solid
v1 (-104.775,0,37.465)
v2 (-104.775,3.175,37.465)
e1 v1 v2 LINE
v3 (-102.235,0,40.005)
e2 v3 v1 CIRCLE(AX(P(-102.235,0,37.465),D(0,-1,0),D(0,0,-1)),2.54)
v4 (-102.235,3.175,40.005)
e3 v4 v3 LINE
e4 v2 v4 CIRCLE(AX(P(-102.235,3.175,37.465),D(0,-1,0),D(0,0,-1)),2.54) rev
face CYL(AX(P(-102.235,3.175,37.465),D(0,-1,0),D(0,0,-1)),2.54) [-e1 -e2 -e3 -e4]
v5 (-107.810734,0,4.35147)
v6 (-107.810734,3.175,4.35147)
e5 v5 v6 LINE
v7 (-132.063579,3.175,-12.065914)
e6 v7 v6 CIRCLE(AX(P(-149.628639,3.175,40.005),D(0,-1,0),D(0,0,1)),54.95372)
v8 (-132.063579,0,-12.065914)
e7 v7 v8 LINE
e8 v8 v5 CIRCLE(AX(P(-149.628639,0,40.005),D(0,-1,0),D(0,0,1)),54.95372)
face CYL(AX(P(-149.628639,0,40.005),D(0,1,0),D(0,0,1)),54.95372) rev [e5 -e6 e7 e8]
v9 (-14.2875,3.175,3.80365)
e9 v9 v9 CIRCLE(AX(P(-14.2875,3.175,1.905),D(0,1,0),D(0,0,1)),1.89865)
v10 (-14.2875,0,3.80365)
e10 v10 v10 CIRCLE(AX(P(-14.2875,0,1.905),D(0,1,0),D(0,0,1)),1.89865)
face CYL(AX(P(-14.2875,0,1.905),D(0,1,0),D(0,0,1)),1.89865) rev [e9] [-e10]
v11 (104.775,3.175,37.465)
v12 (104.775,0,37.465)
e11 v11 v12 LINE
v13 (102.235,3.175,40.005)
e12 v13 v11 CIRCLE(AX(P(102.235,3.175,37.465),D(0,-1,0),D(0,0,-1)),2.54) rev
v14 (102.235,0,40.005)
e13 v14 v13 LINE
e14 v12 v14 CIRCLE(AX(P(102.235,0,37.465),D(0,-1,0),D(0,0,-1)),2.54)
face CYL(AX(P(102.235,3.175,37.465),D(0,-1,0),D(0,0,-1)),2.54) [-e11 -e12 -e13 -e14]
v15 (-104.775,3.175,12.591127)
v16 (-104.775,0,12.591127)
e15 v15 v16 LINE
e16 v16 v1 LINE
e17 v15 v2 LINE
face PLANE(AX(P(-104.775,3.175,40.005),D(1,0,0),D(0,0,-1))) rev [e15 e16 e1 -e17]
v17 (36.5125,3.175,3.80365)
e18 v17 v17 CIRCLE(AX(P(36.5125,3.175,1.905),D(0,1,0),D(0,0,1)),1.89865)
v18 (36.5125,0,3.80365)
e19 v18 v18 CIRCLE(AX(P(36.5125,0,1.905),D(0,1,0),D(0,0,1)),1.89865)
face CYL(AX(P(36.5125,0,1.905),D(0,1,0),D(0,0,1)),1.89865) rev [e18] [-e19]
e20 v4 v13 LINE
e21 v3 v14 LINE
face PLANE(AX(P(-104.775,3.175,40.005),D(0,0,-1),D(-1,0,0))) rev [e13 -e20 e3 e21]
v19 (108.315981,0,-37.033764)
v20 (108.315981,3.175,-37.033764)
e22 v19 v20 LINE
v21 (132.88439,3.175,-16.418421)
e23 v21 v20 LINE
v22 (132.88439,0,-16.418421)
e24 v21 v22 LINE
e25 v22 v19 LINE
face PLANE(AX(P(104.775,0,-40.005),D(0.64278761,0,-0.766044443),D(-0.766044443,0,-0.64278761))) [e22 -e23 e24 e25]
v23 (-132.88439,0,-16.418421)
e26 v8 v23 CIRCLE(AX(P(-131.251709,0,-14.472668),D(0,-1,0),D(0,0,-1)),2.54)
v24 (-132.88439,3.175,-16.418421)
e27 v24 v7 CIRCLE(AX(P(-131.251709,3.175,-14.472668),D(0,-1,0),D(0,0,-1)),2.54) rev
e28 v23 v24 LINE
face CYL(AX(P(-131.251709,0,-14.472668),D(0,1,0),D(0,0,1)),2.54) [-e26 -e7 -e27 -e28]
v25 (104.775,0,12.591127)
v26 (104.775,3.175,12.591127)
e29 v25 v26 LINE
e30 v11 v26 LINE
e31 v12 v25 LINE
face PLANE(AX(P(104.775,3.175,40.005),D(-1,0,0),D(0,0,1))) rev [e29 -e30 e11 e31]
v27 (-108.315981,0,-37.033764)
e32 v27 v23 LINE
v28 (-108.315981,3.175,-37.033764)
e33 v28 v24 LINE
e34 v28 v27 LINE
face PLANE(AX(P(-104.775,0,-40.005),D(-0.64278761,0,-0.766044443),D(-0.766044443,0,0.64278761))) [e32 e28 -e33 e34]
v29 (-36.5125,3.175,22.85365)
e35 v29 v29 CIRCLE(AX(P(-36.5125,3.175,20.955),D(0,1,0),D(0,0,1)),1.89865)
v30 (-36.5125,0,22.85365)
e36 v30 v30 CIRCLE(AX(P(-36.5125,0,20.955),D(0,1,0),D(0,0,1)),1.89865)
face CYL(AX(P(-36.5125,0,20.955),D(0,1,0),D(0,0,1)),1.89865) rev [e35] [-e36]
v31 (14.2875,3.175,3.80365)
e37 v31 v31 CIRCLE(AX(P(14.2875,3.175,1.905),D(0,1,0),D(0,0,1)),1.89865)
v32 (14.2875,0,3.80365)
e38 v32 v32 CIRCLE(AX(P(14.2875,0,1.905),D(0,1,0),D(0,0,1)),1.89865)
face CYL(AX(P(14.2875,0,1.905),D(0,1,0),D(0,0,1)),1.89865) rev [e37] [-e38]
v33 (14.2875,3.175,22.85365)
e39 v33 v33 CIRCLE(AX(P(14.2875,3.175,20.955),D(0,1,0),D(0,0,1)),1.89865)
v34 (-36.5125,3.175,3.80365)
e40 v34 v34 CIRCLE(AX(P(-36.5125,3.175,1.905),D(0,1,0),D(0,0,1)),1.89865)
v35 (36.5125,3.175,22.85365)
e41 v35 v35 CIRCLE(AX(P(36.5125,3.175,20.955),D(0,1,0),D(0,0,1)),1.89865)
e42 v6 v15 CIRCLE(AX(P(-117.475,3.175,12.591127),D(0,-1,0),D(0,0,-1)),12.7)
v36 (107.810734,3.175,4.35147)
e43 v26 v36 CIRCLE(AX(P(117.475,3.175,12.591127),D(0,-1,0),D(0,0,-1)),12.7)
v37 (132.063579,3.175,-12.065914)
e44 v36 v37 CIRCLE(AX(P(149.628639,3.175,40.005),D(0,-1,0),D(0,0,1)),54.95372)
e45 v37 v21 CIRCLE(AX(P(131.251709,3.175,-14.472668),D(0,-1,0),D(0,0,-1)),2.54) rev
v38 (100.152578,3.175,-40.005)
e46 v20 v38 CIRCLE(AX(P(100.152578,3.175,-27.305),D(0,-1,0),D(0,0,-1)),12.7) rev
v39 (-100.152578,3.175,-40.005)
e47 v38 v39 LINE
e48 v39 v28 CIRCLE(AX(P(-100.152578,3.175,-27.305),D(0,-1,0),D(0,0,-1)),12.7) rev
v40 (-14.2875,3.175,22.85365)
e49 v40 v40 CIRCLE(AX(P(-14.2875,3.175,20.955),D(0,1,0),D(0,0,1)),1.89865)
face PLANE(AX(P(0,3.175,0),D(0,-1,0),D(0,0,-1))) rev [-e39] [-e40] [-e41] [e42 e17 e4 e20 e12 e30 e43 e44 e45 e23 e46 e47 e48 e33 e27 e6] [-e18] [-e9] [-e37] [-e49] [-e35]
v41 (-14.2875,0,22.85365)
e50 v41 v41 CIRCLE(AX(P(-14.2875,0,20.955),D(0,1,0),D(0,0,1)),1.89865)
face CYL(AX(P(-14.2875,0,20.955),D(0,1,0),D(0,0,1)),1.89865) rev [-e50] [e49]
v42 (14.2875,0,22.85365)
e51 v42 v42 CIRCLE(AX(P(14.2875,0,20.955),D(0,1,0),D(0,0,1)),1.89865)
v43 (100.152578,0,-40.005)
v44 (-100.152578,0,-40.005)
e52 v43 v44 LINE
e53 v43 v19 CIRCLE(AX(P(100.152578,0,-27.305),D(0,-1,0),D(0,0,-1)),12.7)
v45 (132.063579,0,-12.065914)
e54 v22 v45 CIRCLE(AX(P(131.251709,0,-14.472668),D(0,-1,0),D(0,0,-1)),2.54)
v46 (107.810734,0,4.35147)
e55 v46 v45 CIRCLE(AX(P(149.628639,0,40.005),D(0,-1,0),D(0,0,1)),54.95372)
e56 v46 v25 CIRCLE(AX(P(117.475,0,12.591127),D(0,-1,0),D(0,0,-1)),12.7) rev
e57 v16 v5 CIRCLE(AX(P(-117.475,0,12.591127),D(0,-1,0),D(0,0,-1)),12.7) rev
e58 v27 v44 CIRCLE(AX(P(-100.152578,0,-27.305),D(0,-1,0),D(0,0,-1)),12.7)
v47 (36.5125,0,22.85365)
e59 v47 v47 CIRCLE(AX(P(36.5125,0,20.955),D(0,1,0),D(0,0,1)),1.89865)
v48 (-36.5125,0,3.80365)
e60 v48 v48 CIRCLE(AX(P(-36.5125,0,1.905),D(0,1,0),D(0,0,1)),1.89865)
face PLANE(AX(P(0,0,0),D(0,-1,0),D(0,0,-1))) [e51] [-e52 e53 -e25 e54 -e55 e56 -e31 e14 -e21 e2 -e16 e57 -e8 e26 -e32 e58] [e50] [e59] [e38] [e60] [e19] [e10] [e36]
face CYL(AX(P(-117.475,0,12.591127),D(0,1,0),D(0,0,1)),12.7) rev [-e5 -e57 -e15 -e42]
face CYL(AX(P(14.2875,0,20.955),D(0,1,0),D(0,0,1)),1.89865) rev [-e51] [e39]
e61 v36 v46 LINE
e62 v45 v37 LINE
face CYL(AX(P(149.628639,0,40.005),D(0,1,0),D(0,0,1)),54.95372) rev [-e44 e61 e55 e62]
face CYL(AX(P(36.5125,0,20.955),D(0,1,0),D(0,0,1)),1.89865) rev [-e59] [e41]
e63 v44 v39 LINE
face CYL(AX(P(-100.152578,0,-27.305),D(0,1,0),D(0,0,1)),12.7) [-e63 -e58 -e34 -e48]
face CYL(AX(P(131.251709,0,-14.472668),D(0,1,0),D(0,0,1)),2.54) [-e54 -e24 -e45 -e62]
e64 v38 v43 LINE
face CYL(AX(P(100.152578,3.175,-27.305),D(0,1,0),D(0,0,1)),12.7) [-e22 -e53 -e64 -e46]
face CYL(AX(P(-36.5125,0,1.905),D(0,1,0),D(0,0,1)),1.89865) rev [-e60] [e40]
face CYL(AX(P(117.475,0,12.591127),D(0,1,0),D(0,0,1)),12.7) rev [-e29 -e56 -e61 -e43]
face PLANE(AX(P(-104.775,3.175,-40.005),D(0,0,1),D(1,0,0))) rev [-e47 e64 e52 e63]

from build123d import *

# Parameters (mm, degrees)
SKETCH1_W           = 209.55
SKETCH1_H           = 80.01
BOSS_EXTRUDE1_DEPTH = 3.175
BOSS_EXTRUDE2_DEPTH = 3.175
SKETCH3_R           = 1.89865
CUT_EXTRUDE1_DEPTH  = 4.175
FILLET1_R           = 12.7
FILLET3_R           = 2.54
FILLET4_R           = 12.7


with BuildPart() as part:
    # Sketch1 → Boss-Extrude1 (new body)
    with BuildSketch(Plane(origin=(0, 0, 0), x_dir=(1, 0, 0), z_dir=(0, 1, 0))):
        Rectangle(SKETCH1_W, SKETCH1_H)
    extrude(amount=BOSS_EXTRUDE1_DEPTH)

    # Sketch2 → Boss-Extrude2 (add, through all)
    with BuildSketch(Plane(origin=(0, 3.175, 0), x_dir=(1, 0, 0), z_dir=(0, 1, 0))):
        with BuildLine():
            Line((104.775, 40.005), (136.525, 13.36358671))
            ThreePointArc((136.525, 13.36358671), (118.699650285, 5.41866207), (104.775, -8.255))
            Line((104.775, -8.255), (104.775, 40.005))
        make_face()
        with BuildLine():
            Line((-104.775, 40.005), (-136.525, 13.36358671))
            ThreePointArc((-136.525, 13.36358671), (-118.699650285, 5.41866207), (-104.775, -8.255))
            Line((-104.775, -8.255), (-104.775, 40.005))
        make_face()
    extrude(amount=-BOSS_EXTRUDE2_DEPTH)

    # Sketch3 → Cut-Extrude1 (cut, through all)
    with BuildSketch(Plane(origin=(0, 3.175, 0), x_dir=(1, 0, 0), z_dir=(0, 1, 0))):
        with Locations((36.5125, -20.955)):
            Circle(SKETCH3_R)
        with Locations((14.2875, -20.955)):
            Circle(SKETCH3_R)
        with Locations((-14.2875, -20.955)):
            Circle(SKETCH3_R)
        with Locations((-36.5125, -20.955)):
            Circle(SKETCH3_R)
        with Locations((36.5125, -1.905)):
            Circle(SKETCH3_R)
        with Locations((14.2875, -1.905)):
            Circle(SKETCH3_R)
        with Locations((-14.2875, -1.905)):
            Circle(SKETCH3_R)
        with Locations((-36.5125, -1.905)):
            Circle(SKETCH3_R)
    extrude(amount=-CUT_EXTRUDE1_DEPTH, mode=Mode.SUBTRACT)

    # Fillet1
    fillet1_edges = [part.edges().sort_by_distance(p)[0] for p in [
        (104.775, 1.5875, 8.255),
        (-104.775, 1.5875, 8.255),
    ]]
    fillet(fillet1_edges, radius=FILLET1_R)

    # Fillet3
    fillet3_edges = [part.edges().sort_by_distance(p)[0] for p in [
        (136.525, 1.5875, -13.36358671),
        (-136.525, 1.5875, -13.36358671),
        (104.775, 1.5875, 40.005),
        (-104.775, 1.5875, 40.005),
    ]]
    fillet(fillet3_edges, radius=FILLET3_R)

    # Fillet4
    fillet4_edges = [part.edges().sort_by_distance(p)[0] for p in [
        (-104.775, 1.5875, -40.005),
        (104.775, 1.5875, -40.005),
    ]]
    fillet(fillet4_edges, radius=FILLET4_R)


solid = part.part
